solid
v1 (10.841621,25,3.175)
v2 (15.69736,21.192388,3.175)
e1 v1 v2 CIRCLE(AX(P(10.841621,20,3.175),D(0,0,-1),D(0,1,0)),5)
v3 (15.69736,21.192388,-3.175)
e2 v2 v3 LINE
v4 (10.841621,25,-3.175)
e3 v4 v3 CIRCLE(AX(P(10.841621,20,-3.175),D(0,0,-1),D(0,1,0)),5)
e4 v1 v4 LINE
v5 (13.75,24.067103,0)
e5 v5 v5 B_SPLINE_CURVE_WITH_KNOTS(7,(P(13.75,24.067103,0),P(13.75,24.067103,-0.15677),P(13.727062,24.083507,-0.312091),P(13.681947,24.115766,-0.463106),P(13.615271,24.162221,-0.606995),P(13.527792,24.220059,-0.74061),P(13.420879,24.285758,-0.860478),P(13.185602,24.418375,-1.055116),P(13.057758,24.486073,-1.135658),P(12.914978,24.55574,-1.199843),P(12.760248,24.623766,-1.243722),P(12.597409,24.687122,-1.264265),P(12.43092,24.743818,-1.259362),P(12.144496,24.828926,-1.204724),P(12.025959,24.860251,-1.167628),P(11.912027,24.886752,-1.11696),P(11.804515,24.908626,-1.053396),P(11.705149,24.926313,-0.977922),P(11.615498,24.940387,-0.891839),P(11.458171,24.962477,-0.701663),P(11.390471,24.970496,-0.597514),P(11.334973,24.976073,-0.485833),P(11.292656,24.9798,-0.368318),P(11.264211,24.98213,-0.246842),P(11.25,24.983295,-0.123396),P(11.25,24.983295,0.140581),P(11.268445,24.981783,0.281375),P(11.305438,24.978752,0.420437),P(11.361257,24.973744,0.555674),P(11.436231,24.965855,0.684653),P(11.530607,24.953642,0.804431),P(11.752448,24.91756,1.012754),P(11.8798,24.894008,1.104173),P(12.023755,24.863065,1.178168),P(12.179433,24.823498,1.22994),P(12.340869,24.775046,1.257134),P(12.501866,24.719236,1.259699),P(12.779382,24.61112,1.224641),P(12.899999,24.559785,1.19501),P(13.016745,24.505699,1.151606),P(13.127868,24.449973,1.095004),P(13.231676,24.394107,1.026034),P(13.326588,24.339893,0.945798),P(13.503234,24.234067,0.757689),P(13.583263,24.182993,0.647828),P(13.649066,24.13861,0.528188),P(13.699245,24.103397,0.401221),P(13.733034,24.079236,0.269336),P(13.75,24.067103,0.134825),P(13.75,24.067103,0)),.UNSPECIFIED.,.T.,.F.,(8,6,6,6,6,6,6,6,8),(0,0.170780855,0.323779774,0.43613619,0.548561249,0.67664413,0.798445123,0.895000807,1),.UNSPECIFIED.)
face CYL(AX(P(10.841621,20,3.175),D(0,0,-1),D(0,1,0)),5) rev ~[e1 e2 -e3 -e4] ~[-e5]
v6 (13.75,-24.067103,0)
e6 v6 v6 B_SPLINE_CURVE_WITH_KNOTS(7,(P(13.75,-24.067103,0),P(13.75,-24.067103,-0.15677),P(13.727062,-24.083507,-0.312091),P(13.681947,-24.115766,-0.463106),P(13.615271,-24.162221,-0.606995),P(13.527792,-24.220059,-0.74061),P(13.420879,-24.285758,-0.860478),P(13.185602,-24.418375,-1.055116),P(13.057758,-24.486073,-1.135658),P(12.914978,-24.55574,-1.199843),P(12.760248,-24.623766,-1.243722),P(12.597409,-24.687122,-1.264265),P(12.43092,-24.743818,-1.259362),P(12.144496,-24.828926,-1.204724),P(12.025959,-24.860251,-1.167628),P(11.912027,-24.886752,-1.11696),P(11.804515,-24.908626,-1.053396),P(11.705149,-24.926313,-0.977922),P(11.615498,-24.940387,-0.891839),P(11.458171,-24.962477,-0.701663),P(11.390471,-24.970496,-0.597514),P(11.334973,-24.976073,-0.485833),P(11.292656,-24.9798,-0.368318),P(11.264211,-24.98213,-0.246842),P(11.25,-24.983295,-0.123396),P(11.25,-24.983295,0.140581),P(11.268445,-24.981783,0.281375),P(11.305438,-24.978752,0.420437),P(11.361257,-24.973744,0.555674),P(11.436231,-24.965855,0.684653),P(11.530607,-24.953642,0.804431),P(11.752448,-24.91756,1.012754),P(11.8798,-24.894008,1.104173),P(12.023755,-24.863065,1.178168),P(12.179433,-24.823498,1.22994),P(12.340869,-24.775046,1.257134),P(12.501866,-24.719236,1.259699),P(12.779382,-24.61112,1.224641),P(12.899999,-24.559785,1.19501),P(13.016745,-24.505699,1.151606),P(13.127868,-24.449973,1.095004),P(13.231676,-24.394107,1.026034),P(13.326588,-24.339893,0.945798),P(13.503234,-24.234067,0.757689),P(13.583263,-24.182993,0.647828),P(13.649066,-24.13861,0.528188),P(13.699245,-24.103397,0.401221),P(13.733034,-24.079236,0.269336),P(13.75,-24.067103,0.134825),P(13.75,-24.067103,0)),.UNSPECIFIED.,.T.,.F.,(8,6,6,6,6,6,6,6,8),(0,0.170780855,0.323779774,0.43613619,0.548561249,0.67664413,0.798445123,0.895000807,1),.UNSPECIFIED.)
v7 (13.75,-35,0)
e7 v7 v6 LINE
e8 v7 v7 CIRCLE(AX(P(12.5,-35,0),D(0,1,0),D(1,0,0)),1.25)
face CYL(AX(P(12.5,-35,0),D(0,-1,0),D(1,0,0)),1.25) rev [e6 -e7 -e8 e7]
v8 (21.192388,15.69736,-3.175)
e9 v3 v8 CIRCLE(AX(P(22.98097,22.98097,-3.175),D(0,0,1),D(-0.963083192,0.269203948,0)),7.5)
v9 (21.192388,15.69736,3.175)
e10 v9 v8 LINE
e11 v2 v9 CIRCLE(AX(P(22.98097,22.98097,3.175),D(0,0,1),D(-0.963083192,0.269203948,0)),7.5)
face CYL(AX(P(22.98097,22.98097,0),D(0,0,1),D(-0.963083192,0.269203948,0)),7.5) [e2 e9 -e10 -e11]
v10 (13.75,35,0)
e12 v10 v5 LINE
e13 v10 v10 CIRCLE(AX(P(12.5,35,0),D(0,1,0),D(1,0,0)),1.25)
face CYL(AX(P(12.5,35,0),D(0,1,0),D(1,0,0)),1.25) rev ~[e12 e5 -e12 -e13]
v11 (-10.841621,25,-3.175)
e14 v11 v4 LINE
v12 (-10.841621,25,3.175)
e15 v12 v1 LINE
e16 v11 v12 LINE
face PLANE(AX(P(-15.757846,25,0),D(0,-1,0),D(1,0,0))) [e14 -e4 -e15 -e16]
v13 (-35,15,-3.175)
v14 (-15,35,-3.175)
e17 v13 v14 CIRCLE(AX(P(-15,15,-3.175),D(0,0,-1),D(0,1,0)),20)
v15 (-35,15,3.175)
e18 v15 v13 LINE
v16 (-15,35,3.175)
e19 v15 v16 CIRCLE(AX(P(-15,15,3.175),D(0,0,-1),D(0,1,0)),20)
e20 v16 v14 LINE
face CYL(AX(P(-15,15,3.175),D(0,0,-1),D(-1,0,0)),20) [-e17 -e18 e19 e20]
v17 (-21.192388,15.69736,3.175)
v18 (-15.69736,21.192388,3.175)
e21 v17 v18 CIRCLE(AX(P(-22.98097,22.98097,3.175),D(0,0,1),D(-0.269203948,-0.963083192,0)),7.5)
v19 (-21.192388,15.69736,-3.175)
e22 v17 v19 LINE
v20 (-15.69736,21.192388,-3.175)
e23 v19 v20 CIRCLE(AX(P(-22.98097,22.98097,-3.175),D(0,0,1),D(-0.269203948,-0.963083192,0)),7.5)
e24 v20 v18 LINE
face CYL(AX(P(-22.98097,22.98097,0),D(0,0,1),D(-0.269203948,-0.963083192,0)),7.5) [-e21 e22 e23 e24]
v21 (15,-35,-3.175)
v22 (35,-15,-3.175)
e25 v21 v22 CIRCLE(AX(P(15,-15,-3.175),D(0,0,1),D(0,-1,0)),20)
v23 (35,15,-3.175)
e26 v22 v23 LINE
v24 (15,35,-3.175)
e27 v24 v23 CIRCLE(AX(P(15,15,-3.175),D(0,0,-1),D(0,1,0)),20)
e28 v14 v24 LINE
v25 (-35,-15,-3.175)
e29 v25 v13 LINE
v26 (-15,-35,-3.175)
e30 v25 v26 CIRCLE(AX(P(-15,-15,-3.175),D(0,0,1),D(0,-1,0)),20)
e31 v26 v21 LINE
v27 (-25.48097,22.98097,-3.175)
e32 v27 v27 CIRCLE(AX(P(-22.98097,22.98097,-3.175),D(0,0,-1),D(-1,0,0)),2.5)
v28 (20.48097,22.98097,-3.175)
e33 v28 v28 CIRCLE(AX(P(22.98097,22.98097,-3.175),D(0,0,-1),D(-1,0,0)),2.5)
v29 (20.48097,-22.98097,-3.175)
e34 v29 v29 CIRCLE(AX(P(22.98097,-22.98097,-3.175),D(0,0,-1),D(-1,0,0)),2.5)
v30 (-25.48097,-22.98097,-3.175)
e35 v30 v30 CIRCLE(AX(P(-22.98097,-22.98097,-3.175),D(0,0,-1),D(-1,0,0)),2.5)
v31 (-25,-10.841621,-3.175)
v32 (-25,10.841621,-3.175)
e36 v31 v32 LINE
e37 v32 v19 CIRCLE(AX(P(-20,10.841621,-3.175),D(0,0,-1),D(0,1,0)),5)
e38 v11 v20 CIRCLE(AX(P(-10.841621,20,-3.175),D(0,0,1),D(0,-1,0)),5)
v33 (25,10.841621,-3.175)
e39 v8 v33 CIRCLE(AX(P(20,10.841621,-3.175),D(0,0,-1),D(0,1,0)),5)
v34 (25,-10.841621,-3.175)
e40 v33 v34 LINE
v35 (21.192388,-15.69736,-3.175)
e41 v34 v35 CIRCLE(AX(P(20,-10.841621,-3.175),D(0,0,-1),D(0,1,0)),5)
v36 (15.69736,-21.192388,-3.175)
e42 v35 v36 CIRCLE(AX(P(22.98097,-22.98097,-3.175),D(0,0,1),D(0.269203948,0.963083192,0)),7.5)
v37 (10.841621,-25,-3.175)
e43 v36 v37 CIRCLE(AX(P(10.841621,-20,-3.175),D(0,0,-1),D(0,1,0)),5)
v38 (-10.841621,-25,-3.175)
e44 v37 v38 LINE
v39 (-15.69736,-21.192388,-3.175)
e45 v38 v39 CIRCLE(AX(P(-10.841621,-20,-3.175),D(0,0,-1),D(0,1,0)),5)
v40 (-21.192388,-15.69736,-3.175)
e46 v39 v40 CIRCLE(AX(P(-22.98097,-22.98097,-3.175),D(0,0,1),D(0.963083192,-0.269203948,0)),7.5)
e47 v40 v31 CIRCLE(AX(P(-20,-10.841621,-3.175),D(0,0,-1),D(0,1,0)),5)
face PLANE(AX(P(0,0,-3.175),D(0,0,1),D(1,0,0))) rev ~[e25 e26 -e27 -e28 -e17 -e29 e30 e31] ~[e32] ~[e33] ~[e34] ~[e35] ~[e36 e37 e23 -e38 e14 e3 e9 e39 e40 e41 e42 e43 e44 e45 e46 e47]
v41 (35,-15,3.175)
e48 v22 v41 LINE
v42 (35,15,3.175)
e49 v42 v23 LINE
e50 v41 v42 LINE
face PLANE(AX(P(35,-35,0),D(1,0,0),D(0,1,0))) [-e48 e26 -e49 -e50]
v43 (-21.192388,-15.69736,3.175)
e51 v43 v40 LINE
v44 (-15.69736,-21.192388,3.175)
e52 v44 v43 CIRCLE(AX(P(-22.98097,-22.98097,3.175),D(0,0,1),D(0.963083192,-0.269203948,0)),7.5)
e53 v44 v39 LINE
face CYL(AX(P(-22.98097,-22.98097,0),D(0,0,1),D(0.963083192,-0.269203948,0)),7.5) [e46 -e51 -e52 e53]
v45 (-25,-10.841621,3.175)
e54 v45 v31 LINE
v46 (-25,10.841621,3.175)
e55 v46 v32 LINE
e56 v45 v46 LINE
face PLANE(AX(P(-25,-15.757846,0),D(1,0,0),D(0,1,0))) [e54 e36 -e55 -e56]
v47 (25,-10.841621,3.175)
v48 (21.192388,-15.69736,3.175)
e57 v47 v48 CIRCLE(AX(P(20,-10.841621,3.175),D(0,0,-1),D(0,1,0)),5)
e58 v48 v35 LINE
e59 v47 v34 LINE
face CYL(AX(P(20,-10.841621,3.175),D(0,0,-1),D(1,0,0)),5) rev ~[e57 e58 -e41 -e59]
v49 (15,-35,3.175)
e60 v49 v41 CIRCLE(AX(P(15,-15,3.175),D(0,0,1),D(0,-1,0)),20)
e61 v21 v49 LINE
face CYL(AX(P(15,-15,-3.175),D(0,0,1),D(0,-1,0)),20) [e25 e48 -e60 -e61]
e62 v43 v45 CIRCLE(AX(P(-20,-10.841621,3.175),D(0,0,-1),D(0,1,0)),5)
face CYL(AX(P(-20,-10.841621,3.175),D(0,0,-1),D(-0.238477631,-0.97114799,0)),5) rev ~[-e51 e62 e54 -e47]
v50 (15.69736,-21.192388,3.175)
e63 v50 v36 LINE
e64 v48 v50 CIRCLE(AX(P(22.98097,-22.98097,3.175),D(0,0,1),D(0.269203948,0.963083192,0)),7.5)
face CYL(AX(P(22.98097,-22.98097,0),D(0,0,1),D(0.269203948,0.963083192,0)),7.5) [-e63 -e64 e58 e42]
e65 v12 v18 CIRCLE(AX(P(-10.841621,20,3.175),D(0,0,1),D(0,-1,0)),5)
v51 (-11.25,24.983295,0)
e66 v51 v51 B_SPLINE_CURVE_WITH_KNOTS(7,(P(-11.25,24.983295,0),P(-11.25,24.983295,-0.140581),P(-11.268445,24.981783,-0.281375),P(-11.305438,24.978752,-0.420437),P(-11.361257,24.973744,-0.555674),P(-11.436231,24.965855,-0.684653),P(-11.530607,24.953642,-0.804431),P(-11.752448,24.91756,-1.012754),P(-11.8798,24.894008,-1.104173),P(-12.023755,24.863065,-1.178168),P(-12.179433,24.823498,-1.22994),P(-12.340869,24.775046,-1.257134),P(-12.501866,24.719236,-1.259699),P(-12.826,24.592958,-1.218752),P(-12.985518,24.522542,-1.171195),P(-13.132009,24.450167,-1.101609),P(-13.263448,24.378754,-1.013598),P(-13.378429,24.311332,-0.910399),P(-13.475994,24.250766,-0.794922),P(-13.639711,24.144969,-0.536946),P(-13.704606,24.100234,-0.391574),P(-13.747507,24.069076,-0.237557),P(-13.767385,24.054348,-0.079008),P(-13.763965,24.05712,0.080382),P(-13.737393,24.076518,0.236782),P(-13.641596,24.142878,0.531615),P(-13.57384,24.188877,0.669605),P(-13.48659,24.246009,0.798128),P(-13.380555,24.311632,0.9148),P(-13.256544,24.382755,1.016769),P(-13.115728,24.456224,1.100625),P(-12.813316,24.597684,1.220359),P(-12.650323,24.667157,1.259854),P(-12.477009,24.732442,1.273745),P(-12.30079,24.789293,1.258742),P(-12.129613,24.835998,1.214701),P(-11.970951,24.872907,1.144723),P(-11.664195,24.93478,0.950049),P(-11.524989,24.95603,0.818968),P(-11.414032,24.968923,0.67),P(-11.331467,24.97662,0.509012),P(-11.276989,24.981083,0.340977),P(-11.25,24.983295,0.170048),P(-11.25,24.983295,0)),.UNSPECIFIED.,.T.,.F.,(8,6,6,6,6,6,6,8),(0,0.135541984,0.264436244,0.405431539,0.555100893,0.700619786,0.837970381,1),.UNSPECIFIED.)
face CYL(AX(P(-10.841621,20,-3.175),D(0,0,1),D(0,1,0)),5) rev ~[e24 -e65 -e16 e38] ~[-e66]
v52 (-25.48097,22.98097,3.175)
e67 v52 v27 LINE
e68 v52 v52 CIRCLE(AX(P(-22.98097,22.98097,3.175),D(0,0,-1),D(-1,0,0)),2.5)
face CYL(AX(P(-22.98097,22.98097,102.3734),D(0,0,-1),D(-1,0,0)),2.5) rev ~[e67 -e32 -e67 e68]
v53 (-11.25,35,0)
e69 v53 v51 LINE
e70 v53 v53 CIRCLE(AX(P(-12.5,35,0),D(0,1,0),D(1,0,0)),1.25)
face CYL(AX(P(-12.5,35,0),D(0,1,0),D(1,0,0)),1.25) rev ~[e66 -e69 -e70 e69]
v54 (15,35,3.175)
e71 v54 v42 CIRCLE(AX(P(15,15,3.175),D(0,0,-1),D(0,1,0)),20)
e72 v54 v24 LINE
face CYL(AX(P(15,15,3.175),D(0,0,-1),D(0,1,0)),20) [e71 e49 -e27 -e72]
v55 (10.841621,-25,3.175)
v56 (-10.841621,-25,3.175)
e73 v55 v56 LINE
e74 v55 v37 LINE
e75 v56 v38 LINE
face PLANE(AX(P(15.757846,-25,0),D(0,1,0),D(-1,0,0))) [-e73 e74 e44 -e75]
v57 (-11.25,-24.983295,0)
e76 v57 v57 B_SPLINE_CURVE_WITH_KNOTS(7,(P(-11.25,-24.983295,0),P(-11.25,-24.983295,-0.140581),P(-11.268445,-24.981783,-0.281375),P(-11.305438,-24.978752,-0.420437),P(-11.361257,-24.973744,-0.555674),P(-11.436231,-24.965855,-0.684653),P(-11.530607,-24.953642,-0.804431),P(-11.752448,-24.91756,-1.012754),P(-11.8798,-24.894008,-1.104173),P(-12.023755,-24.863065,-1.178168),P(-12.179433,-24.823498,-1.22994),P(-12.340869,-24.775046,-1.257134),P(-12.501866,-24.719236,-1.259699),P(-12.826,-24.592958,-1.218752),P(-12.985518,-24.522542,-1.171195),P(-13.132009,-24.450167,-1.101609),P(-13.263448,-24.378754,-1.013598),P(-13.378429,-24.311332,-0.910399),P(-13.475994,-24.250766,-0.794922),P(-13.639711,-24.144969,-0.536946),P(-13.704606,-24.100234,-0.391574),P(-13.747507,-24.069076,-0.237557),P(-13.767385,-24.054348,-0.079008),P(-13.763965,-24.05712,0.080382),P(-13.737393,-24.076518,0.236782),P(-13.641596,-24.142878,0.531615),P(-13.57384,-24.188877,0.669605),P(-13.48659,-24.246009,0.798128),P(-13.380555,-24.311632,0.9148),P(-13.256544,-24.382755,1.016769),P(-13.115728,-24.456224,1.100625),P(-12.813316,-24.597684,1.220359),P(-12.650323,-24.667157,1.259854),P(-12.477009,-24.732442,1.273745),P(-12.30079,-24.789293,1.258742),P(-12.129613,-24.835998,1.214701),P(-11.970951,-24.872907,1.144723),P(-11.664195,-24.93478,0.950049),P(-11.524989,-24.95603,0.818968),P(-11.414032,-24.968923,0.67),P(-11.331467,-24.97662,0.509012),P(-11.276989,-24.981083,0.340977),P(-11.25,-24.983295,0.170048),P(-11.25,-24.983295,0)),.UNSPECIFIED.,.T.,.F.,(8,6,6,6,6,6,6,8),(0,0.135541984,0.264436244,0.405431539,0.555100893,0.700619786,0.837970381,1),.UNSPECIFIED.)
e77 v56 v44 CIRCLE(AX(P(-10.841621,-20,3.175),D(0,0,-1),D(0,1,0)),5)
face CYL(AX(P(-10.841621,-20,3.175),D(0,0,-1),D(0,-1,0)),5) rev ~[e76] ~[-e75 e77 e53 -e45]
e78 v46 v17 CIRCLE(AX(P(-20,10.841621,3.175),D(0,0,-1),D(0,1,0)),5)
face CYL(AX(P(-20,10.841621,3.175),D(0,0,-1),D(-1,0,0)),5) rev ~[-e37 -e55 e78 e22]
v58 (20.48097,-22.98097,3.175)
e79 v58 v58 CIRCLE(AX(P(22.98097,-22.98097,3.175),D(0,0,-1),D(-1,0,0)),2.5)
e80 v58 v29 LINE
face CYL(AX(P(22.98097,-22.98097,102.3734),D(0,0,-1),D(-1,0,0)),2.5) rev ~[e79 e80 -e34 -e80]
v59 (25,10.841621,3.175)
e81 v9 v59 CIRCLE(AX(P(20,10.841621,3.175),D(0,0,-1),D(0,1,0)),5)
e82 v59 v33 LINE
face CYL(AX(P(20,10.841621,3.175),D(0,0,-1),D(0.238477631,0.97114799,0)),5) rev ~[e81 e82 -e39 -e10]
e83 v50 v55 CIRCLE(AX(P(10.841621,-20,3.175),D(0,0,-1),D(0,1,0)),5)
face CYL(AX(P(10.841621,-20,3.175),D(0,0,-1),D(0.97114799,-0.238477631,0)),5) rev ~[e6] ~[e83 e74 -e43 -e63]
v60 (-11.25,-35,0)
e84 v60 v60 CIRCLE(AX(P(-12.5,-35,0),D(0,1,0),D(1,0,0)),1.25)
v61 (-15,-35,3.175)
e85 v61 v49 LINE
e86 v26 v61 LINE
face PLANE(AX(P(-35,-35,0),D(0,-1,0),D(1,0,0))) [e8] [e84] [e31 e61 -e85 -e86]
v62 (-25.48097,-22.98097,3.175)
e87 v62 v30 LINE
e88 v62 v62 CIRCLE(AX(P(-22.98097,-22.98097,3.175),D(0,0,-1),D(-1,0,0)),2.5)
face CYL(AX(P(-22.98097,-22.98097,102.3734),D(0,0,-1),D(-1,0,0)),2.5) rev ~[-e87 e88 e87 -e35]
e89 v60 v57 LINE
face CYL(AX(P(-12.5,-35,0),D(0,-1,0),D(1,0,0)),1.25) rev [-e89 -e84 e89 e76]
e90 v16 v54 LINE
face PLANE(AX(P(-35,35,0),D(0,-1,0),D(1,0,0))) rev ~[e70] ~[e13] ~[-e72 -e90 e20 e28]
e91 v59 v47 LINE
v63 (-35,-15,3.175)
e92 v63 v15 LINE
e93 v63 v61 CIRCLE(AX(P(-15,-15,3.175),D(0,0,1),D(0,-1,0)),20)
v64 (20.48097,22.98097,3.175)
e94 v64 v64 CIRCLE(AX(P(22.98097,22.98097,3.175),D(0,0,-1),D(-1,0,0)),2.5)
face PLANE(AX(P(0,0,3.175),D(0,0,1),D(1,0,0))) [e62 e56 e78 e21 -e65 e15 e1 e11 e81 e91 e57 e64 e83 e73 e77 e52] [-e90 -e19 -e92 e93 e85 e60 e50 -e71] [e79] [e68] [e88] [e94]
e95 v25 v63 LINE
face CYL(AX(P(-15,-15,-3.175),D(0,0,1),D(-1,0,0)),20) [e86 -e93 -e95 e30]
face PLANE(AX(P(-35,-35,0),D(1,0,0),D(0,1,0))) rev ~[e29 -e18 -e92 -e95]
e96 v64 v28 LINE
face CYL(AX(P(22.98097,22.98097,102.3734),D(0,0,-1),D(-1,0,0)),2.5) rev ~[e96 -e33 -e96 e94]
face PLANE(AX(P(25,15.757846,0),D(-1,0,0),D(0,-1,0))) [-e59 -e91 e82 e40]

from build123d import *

# Parameters (mm, degrees)
SKETCH1_W                             = 70
SKETCH1_H                             = 70
F_125_IN_SHEET_DEPTH                  = 3.175
FILLET1_R                             = 5
FILLET2_R                             = 20
F_5_0_REAMED_OVER_FOR_SHOULDER_BOLT_D = 5
M3X0_5_TAPPED_HOLE1_REACH             = 80.327
M3X0_5_TAPPED_HOLE1_BORE_R            = 1.25


with BuildPart() as part:
    # Sketch1 → .125 in sheet (new, symmetric)
    with BuildSketch(Plane.XY):
        Rectangle(SKETCH1_W, SKETCH1_H)
        with BuildLine():
            Line((-15.75784645, 25), (15.75784645, 25))
            ThreePointArc((15.75784645, 25), (17.67766953, 17.67766953), (25, 15.75784645))
            Line((25, 15.75784645), (25, -15.75784645))
            ThreePointArc((25, -15.75784645), (17.67766953, -17.67766953), (15.75784645, -25))
            Line((15.75784645, -25), (-15.75784645, -25))
            ThreePointArc((-15.75784645, -25), (-17.67766953, -17.67766953), (-25, -15.75784645))
            Line((-25, -15.75784645), (-25, 15.75784645))
            ThreePointArc((-25, 15.75784645), (-17.67766953, 17.67766953), (-15.75784645, 25))
        make_face(mode=Mode.SUBTRACT)
    extrude(amount=F_125_IN_SHEET_DEPTH, both=True)

    # Fillet1
    fillet1_edges = [part.edges().sort_by_distance(p)[0] for p in [
        (25, 15.75784645, 0),
        (15.75784645, 25, 0),
        (-15.75784645, 25, 0),
        (-25, 15.75784645, 0),
        (-25, -15.75784645, 0),
        (-15.75784645, -25, 0),
        (15.75784645, -25, 0),
        (25, -15.75784645, 0),
    ]]
    fillet(fillet1_edges, radius=FILLET1_R)

    # Fillet2
    fillet2_edges = [part.edges().sort_by_distance(p)[0] for p in [
        (-35, -35, 0),
        (-35, 35, 0),
        (35, 35, 0),
        (35, -35, 0),
    ]]
    fillet(fillet2_edges, radius=FILLET2_R)

    # Ø5.0 Reamed over for shoulder bolt (through all)
    with Locations(Plane(origin=(-38.607659372, 4.370839302, 3.175), x_dir=(1, 0, 0), z_dir=(0, 0, 1))):
        with Locations((15.626688983, 18.610131087), (61.58862976, 18.610131087), (61.58862976, -27.35180969), (15.626688983, -27.35180969)):
            Hole(F_5_0_REAMED_OVER_FOR_SHOULDER_BOLT_D / 2)

    # M3x0.5 Tapped Hole1 bore → M3x0.5 Tapped Hole1 (cut, up to next)
    with BuildSketch(Plane(origin=(0, 35, 0), x_dir=(1, 0, 0), z_dir=(0, 1, 0)), mode=Mode.PRIVATE) as m3x0_5_tapped_hole1_sk1:
        with Locations((-12.5, 0)):
            Circle(M3X0_5_TAPPED_HOLE1_BORE_R)
    m3x0_5_tapped_hole1_tool1 = extrude(m3x0_5_tapped_hole1_sk1.sketch, amount=-M3X0_5_TAPPED_HOLE1_REACH, mode=Mode.PRIVATE) & part.part
    # M3x0.5 Tapped Hole1 bore → M3x0.5 Tapped Hole1 (cut, up to next)
    with BuildSketch(Plane(origin=(0, 35, 0), x_dir=(1, 0, 0), z_dir=(0, 1, 0)), mode=Mode.PRIVATE) as m3x0_5_tapped_hole1_sk2:
        with Locations((12.5, 0)):
            Circle(M3X0_5_TAPPED_HOLE1_BORE_R)
    m3x0_5_tapped_hole1_tool2 = extrude(m3x0_5_tapped_hole1_sk2.sketch, amount=-M3X0_5_TAPPED_HOLE1_REACH, mode=Mode.PRIVATE) & part.part
    m3x0_5_tapped_hole1_1 = m3x0_5_tapped_hole1_tool1.solids().sort_by_distance((-12.5, 35, 0))[0]
    add(m3x0_5_tapped_hole1_1, mode=Mode.SUBTRACT)
    m3x0_5_tapped_hole1_2 = m3x0_5_tapped_hole1_tool2.solids().sort_by_distance((12.5, 35, 0))[0]
    add(m3x0_5_tapped_hole1_2, mode=Mode.SUBTRACT)
    m3x0_5_tapped_hole1 = m3x0_5_tapped_hole1_1 + m3x0_5_tapped_hole1_2  # M3x0.5 Tapped Hole1 as one shape, for the pattern or mirror that repeats it

    # Mirror1: M3x0.5 Tapped Hole1 across plane
    add(m3x0_5_tapped_hole1.mirror(Plane.ZX), mode=Mode.SUBTRACT)


solid = part.part
